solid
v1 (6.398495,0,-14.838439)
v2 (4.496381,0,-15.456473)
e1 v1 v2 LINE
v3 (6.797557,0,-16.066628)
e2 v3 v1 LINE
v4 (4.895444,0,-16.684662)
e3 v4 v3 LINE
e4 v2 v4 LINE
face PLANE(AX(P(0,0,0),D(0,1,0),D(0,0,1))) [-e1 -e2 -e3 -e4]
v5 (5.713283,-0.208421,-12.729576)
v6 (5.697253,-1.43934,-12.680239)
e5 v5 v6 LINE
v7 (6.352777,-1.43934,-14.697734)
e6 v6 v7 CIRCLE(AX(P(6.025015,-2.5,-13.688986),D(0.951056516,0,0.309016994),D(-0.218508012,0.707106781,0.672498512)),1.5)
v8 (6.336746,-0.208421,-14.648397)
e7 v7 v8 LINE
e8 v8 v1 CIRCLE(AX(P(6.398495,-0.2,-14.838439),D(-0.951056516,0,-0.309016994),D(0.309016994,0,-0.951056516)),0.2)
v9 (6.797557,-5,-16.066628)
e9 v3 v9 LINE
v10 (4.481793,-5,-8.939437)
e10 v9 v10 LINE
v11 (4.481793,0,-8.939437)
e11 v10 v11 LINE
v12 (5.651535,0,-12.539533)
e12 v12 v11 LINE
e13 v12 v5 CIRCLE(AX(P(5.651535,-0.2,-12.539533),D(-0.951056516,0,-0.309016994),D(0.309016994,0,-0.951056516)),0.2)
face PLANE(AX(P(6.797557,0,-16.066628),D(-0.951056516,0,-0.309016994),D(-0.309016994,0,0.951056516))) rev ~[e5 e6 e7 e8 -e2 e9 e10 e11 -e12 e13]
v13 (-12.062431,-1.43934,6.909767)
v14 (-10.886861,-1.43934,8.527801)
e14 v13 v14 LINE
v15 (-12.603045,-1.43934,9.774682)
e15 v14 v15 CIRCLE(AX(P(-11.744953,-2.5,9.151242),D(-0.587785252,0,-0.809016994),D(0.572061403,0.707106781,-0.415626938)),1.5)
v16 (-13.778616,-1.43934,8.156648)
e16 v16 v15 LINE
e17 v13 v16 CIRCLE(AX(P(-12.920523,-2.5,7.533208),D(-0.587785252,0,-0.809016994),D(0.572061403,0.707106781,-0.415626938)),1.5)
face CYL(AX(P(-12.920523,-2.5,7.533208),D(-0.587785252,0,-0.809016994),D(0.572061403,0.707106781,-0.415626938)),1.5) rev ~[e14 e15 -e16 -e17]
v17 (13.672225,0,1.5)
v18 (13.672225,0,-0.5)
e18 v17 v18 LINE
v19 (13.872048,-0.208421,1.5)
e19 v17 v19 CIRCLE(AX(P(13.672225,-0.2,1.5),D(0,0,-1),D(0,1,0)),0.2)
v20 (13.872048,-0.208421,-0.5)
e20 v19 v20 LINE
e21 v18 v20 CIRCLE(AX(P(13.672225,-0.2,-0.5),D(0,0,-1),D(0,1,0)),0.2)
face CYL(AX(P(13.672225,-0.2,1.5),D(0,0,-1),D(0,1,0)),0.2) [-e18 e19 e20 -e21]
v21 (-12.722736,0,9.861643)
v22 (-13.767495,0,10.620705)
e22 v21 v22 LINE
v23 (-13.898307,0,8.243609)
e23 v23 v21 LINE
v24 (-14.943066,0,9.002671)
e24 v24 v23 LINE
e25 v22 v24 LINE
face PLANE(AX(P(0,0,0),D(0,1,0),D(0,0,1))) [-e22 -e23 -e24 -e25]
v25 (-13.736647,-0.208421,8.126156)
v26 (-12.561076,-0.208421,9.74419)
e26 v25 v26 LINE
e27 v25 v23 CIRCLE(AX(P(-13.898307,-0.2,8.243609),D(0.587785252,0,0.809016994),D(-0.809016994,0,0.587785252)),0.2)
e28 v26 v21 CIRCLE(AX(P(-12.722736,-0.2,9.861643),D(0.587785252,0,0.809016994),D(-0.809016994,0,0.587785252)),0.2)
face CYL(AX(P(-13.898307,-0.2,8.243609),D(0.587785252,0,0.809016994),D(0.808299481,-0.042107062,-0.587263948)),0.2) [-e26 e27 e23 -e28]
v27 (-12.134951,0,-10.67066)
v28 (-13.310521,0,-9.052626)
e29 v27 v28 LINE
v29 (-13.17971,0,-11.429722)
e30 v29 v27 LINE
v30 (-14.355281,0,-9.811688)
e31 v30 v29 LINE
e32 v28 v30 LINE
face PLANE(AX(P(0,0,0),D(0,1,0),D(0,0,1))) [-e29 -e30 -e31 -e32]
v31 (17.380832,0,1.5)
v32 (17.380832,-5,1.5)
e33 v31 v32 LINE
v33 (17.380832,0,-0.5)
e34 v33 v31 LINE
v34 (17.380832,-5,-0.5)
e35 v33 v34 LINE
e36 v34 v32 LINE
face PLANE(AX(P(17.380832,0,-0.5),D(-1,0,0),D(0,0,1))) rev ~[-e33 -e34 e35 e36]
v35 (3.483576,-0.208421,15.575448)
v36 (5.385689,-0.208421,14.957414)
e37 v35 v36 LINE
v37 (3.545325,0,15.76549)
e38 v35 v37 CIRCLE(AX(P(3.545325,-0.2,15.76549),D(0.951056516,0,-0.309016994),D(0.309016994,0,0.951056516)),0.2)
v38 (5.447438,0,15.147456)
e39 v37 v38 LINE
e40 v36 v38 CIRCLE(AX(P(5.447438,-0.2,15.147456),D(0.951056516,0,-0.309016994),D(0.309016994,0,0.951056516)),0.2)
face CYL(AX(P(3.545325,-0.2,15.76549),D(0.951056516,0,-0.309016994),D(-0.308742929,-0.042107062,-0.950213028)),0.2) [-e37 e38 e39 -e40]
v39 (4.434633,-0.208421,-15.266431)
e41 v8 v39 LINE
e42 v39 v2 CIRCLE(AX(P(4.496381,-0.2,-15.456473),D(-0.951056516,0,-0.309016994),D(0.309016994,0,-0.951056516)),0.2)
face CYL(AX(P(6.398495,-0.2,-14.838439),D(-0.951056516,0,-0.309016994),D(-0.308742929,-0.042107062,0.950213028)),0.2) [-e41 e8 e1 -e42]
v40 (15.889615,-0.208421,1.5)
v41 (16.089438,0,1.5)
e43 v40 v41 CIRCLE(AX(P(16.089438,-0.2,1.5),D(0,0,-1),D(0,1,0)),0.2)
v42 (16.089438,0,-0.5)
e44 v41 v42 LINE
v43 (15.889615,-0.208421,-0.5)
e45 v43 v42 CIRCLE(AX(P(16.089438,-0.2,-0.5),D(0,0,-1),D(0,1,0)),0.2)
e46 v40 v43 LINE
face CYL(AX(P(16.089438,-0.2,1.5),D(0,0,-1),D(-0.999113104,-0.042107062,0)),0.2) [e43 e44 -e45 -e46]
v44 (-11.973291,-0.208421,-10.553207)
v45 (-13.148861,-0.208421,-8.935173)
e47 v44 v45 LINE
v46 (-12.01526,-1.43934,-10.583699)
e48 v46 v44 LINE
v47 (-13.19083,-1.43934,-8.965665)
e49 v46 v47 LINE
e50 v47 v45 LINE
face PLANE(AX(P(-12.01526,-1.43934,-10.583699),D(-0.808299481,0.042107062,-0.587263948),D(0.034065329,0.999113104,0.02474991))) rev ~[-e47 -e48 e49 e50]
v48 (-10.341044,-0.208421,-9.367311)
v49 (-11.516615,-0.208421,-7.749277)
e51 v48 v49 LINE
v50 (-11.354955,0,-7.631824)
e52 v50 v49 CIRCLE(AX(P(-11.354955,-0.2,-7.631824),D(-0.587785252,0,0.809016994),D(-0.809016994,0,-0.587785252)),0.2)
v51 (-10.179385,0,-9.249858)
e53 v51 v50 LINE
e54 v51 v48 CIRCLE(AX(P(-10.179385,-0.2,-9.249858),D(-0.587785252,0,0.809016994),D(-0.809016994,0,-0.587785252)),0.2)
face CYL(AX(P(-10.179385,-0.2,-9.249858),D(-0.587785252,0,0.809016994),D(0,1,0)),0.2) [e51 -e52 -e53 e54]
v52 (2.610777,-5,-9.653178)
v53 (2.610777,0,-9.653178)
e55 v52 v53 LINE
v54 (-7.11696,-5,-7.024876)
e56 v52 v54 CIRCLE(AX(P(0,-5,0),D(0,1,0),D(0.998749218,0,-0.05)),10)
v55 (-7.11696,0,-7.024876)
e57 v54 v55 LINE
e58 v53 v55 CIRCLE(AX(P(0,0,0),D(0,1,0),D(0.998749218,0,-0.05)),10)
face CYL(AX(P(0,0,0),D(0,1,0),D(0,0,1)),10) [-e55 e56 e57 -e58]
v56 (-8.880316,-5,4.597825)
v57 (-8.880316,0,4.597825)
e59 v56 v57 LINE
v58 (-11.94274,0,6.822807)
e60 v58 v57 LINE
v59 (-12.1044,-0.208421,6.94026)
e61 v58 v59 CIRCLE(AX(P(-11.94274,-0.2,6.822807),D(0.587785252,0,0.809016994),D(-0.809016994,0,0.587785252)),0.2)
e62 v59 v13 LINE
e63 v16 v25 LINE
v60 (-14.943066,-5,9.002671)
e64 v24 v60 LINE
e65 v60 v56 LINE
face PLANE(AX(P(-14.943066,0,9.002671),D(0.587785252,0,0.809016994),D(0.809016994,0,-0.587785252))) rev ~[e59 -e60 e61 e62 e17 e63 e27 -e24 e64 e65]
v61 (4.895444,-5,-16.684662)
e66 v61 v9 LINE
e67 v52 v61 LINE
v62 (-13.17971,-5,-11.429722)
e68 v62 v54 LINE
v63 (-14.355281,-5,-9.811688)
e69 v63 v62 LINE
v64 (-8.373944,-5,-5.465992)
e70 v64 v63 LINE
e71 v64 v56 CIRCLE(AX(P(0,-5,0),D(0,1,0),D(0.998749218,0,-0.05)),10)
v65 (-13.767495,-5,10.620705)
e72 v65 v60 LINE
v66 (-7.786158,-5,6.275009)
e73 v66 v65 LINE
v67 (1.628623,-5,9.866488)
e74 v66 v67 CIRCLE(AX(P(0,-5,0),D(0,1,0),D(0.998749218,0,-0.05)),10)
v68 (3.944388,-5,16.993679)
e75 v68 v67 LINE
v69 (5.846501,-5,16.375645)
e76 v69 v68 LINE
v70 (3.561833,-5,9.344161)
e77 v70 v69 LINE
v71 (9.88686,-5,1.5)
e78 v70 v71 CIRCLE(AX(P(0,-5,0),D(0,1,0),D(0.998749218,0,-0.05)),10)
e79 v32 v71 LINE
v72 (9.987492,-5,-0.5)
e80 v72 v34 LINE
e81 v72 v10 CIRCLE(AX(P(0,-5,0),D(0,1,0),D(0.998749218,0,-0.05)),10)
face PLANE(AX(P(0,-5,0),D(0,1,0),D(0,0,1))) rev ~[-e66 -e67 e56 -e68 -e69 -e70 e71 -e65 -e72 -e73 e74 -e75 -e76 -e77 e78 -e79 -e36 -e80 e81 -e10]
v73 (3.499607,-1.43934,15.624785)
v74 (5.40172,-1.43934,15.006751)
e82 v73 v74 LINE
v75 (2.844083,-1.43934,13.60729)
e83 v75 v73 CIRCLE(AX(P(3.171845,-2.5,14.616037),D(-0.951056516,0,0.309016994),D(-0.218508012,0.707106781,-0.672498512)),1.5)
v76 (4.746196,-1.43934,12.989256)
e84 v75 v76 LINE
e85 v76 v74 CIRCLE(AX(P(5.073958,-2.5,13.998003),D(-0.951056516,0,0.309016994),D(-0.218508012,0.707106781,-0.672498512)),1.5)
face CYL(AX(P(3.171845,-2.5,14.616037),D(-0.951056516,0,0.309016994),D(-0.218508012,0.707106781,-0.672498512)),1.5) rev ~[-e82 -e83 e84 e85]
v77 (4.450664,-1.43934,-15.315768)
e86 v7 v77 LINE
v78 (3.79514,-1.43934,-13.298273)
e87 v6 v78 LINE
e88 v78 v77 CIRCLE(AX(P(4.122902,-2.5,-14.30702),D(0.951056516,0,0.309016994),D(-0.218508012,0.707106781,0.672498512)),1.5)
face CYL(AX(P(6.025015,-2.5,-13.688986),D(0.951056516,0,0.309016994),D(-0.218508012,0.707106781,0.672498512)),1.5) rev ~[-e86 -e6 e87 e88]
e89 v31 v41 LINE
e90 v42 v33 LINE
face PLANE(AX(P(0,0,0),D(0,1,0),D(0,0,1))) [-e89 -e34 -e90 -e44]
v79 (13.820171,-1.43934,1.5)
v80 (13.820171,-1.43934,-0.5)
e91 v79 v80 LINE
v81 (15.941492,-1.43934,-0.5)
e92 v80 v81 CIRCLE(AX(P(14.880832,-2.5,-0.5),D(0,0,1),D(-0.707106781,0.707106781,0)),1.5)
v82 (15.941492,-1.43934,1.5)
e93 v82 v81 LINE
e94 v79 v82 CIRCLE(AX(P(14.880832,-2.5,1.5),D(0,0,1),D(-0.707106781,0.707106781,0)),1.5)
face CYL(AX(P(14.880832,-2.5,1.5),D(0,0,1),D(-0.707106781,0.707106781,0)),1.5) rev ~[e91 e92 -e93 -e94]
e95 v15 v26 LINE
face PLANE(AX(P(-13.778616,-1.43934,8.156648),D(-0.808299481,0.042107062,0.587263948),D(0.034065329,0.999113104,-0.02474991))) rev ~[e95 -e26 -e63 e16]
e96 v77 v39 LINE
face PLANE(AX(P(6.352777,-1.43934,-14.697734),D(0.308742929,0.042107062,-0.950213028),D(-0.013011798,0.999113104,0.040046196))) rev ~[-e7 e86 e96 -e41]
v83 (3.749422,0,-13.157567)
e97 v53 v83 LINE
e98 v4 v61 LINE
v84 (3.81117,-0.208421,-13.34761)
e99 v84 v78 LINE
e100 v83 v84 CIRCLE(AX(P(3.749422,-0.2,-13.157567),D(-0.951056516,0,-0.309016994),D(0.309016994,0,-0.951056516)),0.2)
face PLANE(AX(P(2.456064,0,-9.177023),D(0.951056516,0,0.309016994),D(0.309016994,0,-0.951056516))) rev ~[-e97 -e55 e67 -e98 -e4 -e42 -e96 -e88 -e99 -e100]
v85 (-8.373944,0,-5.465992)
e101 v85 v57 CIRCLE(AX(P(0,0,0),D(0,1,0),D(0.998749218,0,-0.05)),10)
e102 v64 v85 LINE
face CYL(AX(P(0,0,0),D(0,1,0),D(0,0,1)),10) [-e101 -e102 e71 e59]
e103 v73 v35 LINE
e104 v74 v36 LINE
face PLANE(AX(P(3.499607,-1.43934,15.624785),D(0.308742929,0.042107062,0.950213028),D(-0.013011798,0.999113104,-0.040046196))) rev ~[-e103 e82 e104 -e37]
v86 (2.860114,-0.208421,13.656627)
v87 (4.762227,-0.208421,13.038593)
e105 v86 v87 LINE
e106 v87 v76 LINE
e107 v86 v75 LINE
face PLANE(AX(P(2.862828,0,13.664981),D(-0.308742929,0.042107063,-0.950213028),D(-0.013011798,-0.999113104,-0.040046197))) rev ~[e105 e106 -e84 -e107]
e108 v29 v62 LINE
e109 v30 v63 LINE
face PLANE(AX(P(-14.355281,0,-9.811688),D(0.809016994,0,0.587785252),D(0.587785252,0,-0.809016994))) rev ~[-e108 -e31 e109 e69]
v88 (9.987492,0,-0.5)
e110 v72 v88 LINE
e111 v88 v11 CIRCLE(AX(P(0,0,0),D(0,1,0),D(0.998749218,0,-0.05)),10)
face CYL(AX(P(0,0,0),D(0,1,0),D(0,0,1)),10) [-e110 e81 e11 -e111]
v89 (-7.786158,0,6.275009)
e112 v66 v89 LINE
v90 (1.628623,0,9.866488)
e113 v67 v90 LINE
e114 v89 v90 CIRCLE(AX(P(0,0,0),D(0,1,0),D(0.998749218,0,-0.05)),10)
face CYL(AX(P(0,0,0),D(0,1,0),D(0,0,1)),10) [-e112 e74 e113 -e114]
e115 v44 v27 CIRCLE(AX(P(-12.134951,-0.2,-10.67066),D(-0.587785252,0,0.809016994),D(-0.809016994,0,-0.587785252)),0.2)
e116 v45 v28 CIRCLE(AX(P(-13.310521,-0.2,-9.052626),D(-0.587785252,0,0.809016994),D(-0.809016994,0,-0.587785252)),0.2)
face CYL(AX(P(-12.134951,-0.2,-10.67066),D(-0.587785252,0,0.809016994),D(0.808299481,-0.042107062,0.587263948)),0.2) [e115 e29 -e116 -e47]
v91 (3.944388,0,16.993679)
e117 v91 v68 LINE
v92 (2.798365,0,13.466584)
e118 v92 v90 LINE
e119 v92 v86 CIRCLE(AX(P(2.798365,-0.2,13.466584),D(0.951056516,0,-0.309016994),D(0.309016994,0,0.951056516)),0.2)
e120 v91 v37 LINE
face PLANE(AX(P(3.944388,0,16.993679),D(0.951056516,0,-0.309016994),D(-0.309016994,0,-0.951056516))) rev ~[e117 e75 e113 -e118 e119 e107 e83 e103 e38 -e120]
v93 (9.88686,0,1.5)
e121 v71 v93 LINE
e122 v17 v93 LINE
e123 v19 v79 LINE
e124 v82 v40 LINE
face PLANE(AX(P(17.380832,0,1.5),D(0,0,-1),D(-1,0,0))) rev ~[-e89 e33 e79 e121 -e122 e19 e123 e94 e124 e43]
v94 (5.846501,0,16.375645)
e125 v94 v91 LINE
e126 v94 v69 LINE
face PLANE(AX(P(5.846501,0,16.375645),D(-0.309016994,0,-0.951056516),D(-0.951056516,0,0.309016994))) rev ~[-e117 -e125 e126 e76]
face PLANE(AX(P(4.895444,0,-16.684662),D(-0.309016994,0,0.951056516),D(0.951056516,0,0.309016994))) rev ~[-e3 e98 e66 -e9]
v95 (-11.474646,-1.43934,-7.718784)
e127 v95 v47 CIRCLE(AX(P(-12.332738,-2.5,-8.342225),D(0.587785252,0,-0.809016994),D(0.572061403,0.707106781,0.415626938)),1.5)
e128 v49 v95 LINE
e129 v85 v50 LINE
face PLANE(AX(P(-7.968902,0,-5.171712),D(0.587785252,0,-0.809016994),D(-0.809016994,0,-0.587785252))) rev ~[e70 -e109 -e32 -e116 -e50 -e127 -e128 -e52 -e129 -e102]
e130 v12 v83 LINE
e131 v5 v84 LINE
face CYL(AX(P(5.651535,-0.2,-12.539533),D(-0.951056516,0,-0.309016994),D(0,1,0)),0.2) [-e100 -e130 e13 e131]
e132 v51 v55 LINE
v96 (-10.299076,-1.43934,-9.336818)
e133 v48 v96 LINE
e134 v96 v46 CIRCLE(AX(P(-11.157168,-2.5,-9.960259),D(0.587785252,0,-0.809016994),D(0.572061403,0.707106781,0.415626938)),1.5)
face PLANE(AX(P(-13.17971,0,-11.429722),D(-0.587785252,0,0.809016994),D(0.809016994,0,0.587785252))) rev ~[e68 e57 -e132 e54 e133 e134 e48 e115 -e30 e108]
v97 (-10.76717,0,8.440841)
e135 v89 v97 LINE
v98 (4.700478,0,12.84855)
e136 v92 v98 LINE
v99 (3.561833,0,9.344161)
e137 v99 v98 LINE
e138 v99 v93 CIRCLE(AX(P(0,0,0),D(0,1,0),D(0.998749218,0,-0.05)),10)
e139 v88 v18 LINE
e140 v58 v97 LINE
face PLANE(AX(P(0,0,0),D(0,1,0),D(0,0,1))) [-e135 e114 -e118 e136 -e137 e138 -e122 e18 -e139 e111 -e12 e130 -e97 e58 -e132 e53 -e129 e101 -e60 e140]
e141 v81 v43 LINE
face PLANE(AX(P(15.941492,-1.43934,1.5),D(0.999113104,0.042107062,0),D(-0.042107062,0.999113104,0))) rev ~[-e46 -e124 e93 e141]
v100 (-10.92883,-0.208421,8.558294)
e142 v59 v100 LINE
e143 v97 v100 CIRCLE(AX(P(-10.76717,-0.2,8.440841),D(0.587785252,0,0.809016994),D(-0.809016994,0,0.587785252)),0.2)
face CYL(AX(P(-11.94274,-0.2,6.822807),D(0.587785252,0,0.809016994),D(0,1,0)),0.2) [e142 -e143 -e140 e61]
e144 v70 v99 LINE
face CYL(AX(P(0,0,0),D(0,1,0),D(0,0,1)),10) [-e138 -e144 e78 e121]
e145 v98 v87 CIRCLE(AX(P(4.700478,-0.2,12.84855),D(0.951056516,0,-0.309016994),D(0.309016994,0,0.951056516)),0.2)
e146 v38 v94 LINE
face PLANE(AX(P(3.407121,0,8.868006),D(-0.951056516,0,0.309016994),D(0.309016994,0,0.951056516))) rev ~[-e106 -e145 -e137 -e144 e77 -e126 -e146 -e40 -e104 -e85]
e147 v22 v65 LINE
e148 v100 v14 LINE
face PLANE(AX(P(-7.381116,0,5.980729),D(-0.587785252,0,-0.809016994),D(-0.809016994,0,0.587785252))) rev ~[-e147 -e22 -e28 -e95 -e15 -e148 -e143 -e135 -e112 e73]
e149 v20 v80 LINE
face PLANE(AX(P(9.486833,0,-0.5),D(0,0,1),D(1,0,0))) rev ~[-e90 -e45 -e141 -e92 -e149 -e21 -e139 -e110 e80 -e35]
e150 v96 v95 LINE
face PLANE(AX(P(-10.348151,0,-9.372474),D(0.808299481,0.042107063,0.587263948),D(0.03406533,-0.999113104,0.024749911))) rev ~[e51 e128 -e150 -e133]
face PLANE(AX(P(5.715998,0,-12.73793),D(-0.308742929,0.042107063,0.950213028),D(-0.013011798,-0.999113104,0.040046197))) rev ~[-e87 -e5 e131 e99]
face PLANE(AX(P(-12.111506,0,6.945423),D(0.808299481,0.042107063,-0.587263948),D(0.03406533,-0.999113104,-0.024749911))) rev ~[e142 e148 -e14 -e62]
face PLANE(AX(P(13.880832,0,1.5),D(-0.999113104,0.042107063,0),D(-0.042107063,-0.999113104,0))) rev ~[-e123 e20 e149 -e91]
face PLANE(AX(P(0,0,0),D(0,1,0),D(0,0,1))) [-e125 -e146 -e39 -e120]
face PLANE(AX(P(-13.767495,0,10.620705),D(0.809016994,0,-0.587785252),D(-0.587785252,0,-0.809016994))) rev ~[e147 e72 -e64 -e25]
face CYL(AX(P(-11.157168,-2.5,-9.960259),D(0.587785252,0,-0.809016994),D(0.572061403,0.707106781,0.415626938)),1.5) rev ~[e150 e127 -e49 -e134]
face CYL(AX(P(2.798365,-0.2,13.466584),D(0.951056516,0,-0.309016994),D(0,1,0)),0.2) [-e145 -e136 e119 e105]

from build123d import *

# Parameters (mm, degrees)
ESQUISSE1_R               = 10
BASE_DEPTH                = 5
BOSS_BALEINE_DEPTH        = 5
VIDE_BALEINE_DEPTH        = 3
REP_SUPPORT_BALEINE_COUNT = 5
CONGE_BALEINE_R           = 0.2


with BuildPart() as part:
    # Esquisse1 → BASE (new body)
    with BuildSketch(Plane(origin=(0, 0, 0), x_dir=(1, 0, 0), z_dir=(0, 1, 0))):
        with Locations(Location((0, 0, 0), (0, 0, 270))):
            Circle(ESQUISSE1_R)
    extrude(amount=-BASE_DEPTH)

    # Esquisse2 → BOSS - BALEINE (add)
    with BuildSketch(Plane(origin=(0, 0, 0), x_dir=(1, 0, 0), z_dir=(0, 1, 0))):
        with BuildLine():
            ThreePointArc((9.38083152, -1.5), (9.486684928, -0.502801231), (9.486832981, 0.5))
            Line((9.486832981, 0.5), (17.38083152, 0.5))
            Line((17.38083152, 0.5), (17.38083152, -1.5))
            Line((17.38083152, -1.5), (9.38083152, -1.5))
        make_face()
    boss_baleine = extrude(amount=-BOSS_BALEINE_DEPTH)

    # Esquisse3 → VIDE - BALEINE (cut)
    with BuildSketch(Plane.XY.offset(1.5)):
        with BuildLine():
            Line((13.88083152, 0), (13.820171348, -1.439339828))
            ThreePointArc((13.820171348, -1.439339828), (14.88083152, -4), (15.941491691, -1.439339828))
            Line((15.941491691, -1.439339828), (15.88083152, 0))
            Line((15.88083152, 0), (13.88083152, 0))
        make_face()
    vide_baleine = extrude(amount=-VIDE_BALEINE_DEPTH, mode=Mode.SUBTRACT)

    # REP - SUPPORT BALEINE: BOSS - BALEINE, VIDE - BALEINE ×5 about axis
    rep_support_baleine_axis = Axis((0, 0, 0), (0, 1, 0))
    add([boss_baleine.rotate(rep_support_baleine_axis, i * 360 / REP_SUPPORT_BALEINE_COUNT) for i in range(1, REP_SUPPORT_BALEINE_COUNT)])
    add([vide_baleine.rotate(rep_support_baleine_axis, i * 360 / REP_SUPPORT_BALEINE_COUNT) for i in range(1, REP_SUPPORT_BALEINE_COUNT)], mode=Mode.SUBTRACT)

    # CONGE BALEINE
    conge_baleine_edges = [part.edges().sort_by_distance(p)[0] for p in [
        (4.764941094, 0, -13.046946771),
        (5.382975083, 0, -14.949059804),
        (-10.935935969, 0, -8.563456554),
        (-12.553969958, 0, -9.739027059),
        (-11.523721222, 0, 7.75443956),
        (-13.14175521, 0, 8.930010064),
        (3.813884577, 0, 13.355963766),
        (4.431918566, 0, 15.258076798),
        (13.88083152, 0, 0.5),
        (15.88083152, 0, 0.5),
    ]]
    fillet(conge_baleine_edges, radius=CONGE_BALEINE_R)


solid = part.part
